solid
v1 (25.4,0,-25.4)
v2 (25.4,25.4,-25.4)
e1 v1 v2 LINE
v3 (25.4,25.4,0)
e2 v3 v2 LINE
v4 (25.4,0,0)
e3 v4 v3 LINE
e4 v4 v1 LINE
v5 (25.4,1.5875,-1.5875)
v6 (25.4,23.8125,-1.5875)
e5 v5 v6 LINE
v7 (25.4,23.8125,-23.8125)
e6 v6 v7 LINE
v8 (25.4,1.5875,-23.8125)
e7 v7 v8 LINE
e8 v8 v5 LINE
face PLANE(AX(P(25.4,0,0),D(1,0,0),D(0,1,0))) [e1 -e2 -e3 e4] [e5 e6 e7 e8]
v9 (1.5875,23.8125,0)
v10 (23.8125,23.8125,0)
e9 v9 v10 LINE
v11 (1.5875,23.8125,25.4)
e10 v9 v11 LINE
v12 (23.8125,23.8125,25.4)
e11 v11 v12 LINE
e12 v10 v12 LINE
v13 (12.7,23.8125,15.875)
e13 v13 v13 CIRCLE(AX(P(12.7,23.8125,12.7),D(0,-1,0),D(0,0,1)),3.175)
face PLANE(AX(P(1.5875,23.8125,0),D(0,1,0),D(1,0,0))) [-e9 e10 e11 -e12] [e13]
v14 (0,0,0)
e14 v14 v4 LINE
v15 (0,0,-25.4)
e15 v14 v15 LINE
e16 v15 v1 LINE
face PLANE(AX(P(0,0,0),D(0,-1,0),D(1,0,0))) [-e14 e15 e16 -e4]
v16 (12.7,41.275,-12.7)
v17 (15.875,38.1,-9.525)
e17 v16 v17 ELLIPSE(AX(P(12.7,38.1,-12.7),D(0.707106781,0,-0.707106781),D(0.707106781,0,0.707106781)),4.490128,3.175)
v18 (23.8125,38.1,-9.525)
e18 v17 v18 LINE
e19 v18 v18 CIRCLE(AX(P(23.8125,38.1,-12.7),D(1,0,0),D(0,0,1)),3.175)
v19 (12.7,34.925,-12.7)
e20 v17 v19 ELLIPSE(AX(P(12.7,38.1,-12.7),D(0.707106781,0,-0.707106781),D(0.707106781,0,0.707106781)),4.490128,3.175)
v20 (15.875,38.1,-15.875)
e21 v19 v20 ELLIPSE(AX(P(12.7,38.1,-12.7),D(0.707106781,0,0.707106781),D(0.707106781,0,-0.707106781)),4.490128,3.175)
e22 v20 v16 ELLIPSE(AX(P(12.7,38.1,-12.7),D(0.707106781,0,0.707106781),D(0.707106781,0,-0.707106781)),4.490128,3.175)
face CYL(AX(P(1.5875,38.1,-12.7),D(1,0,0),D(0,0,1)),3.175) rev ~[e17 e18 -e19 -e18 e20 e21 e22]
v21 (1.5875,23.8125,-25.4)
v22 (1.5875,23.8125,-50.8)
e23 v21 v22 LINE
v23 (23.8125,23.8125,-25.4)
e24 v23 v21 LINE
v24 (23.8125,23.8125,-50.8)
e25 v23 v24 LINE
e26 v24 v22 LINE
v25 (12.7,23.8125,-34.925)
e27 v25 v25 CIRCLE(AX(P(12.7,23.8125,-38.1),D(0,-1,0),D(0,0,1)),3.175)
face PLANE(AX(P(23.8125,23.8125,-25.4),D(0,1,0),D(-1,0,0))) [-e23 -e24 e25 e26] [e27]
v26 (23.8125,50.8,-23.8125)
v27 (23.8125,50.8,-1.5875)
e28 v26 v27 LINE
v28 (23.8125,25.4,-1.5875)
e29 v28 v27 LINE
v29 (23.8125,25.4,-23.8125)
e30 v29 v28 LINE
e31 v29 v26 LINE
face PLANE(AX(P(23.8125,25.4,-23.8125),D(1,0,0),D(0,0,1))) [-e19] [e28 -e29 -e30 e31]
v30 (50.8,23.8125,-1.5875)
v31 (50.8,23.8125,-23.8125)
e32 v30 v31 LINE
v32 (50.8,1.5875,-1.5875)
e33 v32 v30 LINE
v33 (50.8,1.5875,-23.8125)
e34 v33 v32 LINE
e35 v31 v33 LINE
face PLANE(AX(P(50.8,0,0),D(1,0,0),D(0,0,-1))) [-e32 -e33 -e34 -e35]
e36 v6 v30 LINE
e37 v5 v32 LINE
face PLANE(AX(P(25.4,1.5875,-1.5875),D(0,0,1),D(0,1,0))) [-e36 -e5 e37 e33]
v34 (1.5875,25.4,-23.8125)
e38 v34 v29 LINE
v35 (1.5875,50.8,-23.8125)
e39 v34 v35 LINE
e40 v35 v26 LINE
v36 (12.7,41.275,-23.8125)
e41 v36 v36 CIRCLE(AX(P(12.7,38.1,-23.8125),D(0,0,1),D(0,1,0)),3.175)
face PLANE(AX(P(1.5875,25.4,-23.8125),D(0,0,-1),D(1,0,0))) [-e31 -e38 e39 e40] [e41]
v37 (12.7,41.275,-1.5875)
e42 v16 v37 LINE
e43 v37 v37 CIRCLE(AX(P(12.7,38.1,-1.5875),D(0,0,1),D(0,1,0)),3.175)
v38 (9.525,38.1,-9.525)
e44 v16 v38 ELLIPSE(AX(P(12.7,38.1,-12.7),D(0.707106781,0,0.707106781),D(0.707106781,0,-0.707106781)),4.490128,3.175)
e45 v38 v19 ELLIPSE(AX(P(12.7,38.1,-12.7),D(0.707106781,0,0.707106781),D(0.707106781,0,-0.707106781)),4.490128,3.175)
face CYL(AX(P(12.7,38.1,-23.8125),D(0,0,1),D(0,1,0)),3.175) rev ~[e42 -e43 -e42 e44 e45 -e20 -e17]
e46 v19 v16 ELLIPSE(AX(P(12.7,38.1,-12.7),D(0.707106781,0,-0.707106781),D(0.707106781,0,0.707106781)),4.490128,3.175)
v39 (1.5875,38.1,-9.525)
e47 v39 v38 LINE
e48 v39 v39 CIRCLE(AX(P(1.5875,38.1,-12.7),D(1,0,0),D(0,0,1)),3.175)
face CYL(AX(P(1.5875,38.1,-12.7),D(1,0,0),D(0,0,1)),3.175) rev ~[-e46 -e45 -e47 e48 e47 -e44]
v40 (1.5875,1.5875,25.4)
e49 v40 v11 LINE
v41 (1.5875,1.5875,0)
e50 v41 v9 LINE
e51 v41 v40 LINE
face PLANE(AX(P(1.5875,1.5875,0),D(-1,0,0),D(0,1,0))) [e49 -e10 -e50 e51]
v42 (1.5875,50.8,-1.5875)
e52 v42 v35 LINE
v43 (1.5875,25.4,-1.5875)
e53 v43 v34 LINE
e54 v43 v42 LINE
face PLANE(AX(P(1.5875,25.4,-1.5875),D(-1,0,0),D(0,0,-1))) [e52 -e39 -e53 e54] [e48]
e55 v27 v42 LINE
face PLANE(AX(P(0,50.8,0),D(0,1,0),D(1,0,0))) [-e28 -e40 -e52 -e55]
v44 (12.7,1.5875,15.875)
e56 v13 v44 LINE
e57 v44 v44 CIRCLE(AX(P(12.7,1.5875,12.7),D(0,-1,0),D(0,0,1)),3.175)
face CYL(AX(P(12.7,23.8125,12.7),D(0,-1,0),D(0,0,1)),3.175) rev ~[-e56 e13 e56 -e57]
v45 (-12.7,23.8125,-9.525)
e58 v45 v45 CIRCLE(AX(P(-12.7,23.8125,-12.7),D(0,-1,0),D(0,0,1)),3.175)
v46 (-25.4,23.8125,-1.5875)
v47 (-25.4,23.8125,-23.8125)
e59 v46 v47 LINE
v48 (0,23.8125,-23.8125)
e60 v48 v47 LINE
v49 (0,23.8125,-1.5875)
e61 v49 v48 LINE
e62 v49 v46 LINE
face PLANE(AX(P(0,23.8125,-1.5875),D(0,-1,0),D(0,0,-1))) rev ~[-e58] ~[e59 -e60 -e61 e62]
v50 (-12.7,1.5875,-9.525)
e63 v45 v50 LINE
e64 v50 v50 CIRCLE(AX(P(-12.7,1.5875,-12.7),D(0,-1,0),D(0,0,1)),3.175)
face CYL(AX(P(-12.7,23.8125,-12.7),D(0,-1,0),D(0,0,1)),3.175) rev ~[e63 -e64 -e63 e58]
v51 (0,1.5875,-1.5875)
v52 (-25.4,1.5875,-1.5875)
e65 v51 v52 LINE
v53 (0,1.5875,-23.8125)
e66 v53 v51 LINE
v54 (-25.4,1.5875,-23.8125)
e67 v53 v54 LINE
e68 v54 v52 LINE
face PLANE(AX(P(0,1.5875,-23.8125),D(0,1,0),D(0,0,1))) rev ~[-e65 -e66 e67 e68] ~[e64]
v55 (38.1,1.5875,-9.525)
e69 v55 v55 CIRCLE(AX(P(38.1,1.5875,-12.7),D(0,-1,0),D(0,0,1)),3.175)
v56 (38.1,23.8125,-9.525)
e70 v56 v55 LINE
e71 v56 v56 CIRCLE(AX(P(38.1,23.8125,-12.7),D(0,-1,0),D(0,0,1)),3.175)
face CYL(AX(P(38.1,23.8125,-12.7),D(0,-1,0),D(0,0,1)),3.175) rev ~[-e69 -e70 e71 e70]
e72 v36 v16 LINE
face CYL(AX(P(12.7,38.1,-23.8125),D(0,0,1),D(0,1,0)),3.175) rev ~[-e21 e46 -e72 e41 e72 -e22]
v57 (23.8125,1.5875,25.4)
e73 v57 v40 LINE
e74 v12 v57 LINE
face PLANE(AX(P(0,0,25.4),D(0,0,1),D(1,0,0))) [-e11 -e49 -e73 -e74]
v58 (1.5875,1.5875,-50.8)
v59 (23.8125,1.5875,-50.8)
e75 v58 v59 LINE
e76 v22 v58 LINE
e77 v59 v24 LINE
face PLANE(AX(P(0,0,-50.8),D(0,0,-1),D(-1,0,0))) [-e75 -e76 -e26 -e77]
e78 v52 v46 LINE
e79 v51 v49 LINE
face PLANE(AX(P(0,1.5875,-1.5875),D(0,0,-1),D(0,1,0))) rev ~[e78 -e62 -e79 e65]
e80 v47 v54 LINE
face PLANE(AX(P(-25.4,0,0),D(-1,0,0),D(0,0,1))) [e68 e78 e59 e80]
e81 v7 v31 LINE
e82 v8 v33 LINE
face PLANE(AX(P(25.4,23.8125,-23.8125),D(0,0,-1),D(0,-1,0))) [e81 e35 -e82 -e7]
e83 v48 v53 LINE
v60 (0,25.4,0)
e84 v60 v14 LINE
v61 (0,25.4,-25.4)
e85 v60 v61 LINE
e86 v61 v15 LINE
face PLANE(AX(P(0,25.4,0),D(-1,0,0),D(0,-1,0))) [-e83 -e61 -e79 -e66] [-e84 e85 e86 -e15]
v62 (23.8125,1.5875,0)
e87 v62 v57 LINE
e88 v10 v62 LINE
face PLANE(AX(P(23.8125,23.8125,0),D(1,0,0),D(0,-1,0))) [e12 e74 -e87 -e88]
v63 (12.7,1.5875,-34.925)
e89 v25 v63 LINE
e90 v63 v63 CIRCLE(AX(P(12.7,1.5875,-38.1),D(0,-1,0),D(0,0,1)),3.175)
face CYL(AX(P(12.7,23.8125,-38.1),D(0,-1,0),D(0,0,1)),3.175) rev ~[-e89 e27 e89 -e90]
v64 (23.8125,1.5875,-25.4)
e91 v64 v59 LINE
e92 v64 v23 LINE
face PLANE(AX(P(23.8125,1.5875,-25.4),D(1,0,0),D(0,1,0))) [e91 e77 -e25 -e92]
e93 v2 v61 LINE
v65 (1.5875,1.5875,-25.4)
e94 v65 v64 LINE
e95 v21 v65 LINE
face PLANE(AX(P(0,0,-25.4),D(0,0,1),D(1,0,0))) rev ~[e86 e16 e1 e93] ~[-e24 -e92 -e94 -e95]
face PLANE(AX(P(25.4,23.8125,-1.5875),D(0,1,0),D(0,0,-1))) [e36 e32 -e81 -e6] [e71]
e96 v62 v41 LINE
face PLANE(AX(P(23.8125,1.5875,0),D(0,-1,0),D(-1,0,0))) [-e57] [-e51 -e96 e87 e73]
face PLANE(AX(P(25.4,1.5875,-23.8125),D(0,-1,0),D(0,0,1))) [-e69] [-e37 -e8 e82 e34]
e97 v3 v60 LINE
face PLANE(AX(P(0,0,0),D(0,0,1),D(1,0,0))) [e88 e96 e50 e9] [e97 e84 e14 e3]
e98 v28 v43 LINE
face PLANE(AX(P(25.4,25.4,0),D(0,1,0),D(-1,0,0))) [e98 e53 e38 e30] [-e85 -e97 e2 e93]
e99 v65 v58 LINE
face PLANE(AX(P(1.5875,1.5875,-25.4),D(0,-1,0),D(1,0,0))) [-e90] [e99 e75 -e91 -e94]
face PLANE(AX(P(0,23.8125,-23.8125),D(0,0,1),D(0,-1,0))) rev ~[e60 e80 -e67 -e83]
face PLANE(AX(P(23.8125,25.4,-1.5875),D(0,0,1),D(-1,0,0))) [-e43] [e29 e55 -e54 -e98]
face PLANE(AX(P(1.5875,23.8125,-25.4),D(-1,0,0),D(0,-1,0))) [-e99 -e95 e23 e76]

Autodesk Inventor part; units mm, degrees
ref_plane "YZ Plane" through (0, 0, 0) normal (1, 0, 0) x (0, 1, 0)
ref_plane "XZ Plane" through (0, 0, 0) normal (0, 1, 0) x (-1, 0, 0)
ref_plane "XY Plane" through (0, 0, 0) normal (0, 0, 1) x (1, 0, 0)
sketch "Sketch1" plane through (0, 0, 0) normal (0, 0, 1) x (1, 0, 0)
  line L0 (0, 0) -> (25.4, 0)
  line L1 (25.4, 0) -> (25.4, 25.4)
  line L2 (25.4, 25.4) -> (0, 25.4)
  line L3 (0, 25.4) -> (0, 0)
  line L4 (1.5875, 23.8125) -> (23.8125, 23.8125)
  line L5 (23.8125, 23.8125) -> (23.8125, 1.5875)
  line L6 (23.8125, 1.5875) -> (1.5875, 1.5875)
  line L7 (1.5875, 1.5875) -> (1.5875, 23.8125)
  dimension "d0" = 25.4
  dimension "d1" = 25.4
  dimension "d4" = 1.5875
extrude "Extrusion1" add sketch "Sketch1" against normal blind 25.4 contours L3 L2 L1 L0 | L4 L5 L6 L7
extrude "Extrusion2" add sketch "Sketch1" along normal blind 25.4 contours L4 L5 L6 L7
sketch "Sketch2" plane through (25.4, 0, 0) normal (1, 0, 0) x (0, 0, -1)
  line L0 (25.4, 0) -> (25.4, 25.4) projected
  line L1 (0, 25.4) -> (25.4, 25.4) projected
  line L2 (0, 0) -> (0, 25.4) projected
  line L3 (0, 0) -> (25.4, 0) projected
  line L4 (23.8125, 23.8125) -> (23.8125, 1.5875)
  line L5 (23.8125, 1.5875) -> (1.5875, 1.5875)
  line L6 (1.5875, 1.5875) -> (1.5875, 23.8125)
  line L7 (1.5875, 23.8125) -> (23.8125, 23.8125)
  dimension "d8" = 1.5875
sketch "Sketch3" plane through (0, 25.4, 0) normal (0, 1, 0) x (1, 0, 0)
  line L0 (25.4, 25.4) -> (0, 25.4) projected
  line L1 (0, 0) -> (0, 25.4) projected
  line L2 (25.4, 0) -> (0, 0) projected
  line L3 (25.4, 0) -> (25.4, 25.4) projected
  line L4 (1.5875, 23.8125) -> (23.8125, 23.8125)
  line L5 (23.8125, 23.8125) -> (23.8125, 1.5875)
  line L6 (23.8125, 1.5875) -> (1.5875, 1.5875)
  line L7 (1.5875, 1.5875) -> (1.5875, 23.8125)
  dimension "d9" = 1.5875
extrude "Extrusion3" add sketch "Sketch2" along normal blind 25.4 contours L4 L5 L6 L7
extrude "Extrusion4" add sketch "Sketch3" along normal blind 25.4 contours L4 L5 L6 L7
sketch "Sketch4" plane through (0, 0, 0) normal (-1, 0, 0) x (0, 0, 1)
  line L0 (-25.4, 25.4) -> (-25.4, 0) projected
  line L1 (0, 0) -> (-25.4, 0) projected
  line L2 (0, 25.4) -> (0, 0) projected
  line L3 (0, 25.4) -> (-25.4, 25.4) projected
  line L4 (-23.8125, 23.8125) -> (-23.8125, 1.5875)
  line L5 (-23.8125, 1.5875) -> (-1.5875, 1.5875)
  line L6 (-1.5875, 1.5875) -> (-1.5875, 23.8125)
  line L7 (-1.5875, 23.8125) -> (-23.8125, 23.8125)
  dimension "d15" = 1.5875
extrude "Extrusion5" add sketch "Sketch4" along normal blind 25.4 contours L7 L6 L5 L4
sketch "Sketch5" plane through (0, 0, -25.4) normal (0, 0, -1) x (-1, 0, 0)
  line L0 (-25.4, 0) -> (-25.4, 25.4) projected
  line L1 (0, 0) -> (-25.4, 0) projected
  line L2 (0, 25.4) -> (0, 0) projected
  line L3 (-25.4, 25.4) -> (0, 25.4) projected
  line L4 (-1.5875, 23.8125) -> (-1.5875, 1.5875)
  line L5 (-1.5875, 1.5875) -> (-23.8125, 1.5875)
  line L6 (-23.8125, 1.5875) -> (-23.8125, 23.8125)
  line L7 (-23.8125, 23.8125) -> (-1.5875, 23.8125)
  dimension "d18" = 1.5875
extrude "Extrusion6" add sketch "Sketch5" along normal blind 25.4 contours L4 L5 L6 L7
sketch "Sketch7" plane through (1.5875, 23.8125, -25.4) normal (0, 1, 0) x (1, 0, 0)
  line L0 (22.225, 0) -> (0, 0) projected
  line L1 (23.8125, -25.4) -> (-1.5875, -25.4) projected
  line L2 (23.8125, -25.4) -> (23.8125, 0) projected
  point P0 (11.1125, -38.1)
  point P1 (-14.2875, -12.7)
  point P2 (11.1125, 12.7)
  point P3 (36.5125, -12.7)
  dimension "d26" = 12.7
  dimension "d28" = 12.7
  dimension "d29" = 12.7
  dimension "d52" = 12.7
  dimension "d53" = 50.8
hole "Hole1" at (12.7, 23.8125, 12.7) at (-12.7, 23.8125, -12.7) at (12.7, 23.8125, -38.1) at (38.1, 23.8125, -12.7) direction (0, -1, 0) diameter 6.35 depth 25.4 tip angle 118
sketch "Sketch8" plane through (1.5875, 25.4, -23.8125) normal (-1, 0, 0) x (0, 0, 1)
  point P0 (23.8125, -25.4)
  point P1 (11.1125, 12.7)
hole "Hole2" at (1.5875, 38.1, -12.7) direction (1, 0, 0) diameter 6.35 depth 25.4 tip angle 118
sketch "Sketch9" plane through (23.8125, 25.4, -23.8125) normal (0, 0, -1) x (-1, 0, 0)
  point P0 (23.8125, -25.4)
  point P1 (11.1125, 12.7)
hole "Hole3" at (12.7, 38.1, -23.8125) direction (0, 0, 1) diameter 6.35 depth 25.4 tip angle 118
properties part number "5-way corner"
